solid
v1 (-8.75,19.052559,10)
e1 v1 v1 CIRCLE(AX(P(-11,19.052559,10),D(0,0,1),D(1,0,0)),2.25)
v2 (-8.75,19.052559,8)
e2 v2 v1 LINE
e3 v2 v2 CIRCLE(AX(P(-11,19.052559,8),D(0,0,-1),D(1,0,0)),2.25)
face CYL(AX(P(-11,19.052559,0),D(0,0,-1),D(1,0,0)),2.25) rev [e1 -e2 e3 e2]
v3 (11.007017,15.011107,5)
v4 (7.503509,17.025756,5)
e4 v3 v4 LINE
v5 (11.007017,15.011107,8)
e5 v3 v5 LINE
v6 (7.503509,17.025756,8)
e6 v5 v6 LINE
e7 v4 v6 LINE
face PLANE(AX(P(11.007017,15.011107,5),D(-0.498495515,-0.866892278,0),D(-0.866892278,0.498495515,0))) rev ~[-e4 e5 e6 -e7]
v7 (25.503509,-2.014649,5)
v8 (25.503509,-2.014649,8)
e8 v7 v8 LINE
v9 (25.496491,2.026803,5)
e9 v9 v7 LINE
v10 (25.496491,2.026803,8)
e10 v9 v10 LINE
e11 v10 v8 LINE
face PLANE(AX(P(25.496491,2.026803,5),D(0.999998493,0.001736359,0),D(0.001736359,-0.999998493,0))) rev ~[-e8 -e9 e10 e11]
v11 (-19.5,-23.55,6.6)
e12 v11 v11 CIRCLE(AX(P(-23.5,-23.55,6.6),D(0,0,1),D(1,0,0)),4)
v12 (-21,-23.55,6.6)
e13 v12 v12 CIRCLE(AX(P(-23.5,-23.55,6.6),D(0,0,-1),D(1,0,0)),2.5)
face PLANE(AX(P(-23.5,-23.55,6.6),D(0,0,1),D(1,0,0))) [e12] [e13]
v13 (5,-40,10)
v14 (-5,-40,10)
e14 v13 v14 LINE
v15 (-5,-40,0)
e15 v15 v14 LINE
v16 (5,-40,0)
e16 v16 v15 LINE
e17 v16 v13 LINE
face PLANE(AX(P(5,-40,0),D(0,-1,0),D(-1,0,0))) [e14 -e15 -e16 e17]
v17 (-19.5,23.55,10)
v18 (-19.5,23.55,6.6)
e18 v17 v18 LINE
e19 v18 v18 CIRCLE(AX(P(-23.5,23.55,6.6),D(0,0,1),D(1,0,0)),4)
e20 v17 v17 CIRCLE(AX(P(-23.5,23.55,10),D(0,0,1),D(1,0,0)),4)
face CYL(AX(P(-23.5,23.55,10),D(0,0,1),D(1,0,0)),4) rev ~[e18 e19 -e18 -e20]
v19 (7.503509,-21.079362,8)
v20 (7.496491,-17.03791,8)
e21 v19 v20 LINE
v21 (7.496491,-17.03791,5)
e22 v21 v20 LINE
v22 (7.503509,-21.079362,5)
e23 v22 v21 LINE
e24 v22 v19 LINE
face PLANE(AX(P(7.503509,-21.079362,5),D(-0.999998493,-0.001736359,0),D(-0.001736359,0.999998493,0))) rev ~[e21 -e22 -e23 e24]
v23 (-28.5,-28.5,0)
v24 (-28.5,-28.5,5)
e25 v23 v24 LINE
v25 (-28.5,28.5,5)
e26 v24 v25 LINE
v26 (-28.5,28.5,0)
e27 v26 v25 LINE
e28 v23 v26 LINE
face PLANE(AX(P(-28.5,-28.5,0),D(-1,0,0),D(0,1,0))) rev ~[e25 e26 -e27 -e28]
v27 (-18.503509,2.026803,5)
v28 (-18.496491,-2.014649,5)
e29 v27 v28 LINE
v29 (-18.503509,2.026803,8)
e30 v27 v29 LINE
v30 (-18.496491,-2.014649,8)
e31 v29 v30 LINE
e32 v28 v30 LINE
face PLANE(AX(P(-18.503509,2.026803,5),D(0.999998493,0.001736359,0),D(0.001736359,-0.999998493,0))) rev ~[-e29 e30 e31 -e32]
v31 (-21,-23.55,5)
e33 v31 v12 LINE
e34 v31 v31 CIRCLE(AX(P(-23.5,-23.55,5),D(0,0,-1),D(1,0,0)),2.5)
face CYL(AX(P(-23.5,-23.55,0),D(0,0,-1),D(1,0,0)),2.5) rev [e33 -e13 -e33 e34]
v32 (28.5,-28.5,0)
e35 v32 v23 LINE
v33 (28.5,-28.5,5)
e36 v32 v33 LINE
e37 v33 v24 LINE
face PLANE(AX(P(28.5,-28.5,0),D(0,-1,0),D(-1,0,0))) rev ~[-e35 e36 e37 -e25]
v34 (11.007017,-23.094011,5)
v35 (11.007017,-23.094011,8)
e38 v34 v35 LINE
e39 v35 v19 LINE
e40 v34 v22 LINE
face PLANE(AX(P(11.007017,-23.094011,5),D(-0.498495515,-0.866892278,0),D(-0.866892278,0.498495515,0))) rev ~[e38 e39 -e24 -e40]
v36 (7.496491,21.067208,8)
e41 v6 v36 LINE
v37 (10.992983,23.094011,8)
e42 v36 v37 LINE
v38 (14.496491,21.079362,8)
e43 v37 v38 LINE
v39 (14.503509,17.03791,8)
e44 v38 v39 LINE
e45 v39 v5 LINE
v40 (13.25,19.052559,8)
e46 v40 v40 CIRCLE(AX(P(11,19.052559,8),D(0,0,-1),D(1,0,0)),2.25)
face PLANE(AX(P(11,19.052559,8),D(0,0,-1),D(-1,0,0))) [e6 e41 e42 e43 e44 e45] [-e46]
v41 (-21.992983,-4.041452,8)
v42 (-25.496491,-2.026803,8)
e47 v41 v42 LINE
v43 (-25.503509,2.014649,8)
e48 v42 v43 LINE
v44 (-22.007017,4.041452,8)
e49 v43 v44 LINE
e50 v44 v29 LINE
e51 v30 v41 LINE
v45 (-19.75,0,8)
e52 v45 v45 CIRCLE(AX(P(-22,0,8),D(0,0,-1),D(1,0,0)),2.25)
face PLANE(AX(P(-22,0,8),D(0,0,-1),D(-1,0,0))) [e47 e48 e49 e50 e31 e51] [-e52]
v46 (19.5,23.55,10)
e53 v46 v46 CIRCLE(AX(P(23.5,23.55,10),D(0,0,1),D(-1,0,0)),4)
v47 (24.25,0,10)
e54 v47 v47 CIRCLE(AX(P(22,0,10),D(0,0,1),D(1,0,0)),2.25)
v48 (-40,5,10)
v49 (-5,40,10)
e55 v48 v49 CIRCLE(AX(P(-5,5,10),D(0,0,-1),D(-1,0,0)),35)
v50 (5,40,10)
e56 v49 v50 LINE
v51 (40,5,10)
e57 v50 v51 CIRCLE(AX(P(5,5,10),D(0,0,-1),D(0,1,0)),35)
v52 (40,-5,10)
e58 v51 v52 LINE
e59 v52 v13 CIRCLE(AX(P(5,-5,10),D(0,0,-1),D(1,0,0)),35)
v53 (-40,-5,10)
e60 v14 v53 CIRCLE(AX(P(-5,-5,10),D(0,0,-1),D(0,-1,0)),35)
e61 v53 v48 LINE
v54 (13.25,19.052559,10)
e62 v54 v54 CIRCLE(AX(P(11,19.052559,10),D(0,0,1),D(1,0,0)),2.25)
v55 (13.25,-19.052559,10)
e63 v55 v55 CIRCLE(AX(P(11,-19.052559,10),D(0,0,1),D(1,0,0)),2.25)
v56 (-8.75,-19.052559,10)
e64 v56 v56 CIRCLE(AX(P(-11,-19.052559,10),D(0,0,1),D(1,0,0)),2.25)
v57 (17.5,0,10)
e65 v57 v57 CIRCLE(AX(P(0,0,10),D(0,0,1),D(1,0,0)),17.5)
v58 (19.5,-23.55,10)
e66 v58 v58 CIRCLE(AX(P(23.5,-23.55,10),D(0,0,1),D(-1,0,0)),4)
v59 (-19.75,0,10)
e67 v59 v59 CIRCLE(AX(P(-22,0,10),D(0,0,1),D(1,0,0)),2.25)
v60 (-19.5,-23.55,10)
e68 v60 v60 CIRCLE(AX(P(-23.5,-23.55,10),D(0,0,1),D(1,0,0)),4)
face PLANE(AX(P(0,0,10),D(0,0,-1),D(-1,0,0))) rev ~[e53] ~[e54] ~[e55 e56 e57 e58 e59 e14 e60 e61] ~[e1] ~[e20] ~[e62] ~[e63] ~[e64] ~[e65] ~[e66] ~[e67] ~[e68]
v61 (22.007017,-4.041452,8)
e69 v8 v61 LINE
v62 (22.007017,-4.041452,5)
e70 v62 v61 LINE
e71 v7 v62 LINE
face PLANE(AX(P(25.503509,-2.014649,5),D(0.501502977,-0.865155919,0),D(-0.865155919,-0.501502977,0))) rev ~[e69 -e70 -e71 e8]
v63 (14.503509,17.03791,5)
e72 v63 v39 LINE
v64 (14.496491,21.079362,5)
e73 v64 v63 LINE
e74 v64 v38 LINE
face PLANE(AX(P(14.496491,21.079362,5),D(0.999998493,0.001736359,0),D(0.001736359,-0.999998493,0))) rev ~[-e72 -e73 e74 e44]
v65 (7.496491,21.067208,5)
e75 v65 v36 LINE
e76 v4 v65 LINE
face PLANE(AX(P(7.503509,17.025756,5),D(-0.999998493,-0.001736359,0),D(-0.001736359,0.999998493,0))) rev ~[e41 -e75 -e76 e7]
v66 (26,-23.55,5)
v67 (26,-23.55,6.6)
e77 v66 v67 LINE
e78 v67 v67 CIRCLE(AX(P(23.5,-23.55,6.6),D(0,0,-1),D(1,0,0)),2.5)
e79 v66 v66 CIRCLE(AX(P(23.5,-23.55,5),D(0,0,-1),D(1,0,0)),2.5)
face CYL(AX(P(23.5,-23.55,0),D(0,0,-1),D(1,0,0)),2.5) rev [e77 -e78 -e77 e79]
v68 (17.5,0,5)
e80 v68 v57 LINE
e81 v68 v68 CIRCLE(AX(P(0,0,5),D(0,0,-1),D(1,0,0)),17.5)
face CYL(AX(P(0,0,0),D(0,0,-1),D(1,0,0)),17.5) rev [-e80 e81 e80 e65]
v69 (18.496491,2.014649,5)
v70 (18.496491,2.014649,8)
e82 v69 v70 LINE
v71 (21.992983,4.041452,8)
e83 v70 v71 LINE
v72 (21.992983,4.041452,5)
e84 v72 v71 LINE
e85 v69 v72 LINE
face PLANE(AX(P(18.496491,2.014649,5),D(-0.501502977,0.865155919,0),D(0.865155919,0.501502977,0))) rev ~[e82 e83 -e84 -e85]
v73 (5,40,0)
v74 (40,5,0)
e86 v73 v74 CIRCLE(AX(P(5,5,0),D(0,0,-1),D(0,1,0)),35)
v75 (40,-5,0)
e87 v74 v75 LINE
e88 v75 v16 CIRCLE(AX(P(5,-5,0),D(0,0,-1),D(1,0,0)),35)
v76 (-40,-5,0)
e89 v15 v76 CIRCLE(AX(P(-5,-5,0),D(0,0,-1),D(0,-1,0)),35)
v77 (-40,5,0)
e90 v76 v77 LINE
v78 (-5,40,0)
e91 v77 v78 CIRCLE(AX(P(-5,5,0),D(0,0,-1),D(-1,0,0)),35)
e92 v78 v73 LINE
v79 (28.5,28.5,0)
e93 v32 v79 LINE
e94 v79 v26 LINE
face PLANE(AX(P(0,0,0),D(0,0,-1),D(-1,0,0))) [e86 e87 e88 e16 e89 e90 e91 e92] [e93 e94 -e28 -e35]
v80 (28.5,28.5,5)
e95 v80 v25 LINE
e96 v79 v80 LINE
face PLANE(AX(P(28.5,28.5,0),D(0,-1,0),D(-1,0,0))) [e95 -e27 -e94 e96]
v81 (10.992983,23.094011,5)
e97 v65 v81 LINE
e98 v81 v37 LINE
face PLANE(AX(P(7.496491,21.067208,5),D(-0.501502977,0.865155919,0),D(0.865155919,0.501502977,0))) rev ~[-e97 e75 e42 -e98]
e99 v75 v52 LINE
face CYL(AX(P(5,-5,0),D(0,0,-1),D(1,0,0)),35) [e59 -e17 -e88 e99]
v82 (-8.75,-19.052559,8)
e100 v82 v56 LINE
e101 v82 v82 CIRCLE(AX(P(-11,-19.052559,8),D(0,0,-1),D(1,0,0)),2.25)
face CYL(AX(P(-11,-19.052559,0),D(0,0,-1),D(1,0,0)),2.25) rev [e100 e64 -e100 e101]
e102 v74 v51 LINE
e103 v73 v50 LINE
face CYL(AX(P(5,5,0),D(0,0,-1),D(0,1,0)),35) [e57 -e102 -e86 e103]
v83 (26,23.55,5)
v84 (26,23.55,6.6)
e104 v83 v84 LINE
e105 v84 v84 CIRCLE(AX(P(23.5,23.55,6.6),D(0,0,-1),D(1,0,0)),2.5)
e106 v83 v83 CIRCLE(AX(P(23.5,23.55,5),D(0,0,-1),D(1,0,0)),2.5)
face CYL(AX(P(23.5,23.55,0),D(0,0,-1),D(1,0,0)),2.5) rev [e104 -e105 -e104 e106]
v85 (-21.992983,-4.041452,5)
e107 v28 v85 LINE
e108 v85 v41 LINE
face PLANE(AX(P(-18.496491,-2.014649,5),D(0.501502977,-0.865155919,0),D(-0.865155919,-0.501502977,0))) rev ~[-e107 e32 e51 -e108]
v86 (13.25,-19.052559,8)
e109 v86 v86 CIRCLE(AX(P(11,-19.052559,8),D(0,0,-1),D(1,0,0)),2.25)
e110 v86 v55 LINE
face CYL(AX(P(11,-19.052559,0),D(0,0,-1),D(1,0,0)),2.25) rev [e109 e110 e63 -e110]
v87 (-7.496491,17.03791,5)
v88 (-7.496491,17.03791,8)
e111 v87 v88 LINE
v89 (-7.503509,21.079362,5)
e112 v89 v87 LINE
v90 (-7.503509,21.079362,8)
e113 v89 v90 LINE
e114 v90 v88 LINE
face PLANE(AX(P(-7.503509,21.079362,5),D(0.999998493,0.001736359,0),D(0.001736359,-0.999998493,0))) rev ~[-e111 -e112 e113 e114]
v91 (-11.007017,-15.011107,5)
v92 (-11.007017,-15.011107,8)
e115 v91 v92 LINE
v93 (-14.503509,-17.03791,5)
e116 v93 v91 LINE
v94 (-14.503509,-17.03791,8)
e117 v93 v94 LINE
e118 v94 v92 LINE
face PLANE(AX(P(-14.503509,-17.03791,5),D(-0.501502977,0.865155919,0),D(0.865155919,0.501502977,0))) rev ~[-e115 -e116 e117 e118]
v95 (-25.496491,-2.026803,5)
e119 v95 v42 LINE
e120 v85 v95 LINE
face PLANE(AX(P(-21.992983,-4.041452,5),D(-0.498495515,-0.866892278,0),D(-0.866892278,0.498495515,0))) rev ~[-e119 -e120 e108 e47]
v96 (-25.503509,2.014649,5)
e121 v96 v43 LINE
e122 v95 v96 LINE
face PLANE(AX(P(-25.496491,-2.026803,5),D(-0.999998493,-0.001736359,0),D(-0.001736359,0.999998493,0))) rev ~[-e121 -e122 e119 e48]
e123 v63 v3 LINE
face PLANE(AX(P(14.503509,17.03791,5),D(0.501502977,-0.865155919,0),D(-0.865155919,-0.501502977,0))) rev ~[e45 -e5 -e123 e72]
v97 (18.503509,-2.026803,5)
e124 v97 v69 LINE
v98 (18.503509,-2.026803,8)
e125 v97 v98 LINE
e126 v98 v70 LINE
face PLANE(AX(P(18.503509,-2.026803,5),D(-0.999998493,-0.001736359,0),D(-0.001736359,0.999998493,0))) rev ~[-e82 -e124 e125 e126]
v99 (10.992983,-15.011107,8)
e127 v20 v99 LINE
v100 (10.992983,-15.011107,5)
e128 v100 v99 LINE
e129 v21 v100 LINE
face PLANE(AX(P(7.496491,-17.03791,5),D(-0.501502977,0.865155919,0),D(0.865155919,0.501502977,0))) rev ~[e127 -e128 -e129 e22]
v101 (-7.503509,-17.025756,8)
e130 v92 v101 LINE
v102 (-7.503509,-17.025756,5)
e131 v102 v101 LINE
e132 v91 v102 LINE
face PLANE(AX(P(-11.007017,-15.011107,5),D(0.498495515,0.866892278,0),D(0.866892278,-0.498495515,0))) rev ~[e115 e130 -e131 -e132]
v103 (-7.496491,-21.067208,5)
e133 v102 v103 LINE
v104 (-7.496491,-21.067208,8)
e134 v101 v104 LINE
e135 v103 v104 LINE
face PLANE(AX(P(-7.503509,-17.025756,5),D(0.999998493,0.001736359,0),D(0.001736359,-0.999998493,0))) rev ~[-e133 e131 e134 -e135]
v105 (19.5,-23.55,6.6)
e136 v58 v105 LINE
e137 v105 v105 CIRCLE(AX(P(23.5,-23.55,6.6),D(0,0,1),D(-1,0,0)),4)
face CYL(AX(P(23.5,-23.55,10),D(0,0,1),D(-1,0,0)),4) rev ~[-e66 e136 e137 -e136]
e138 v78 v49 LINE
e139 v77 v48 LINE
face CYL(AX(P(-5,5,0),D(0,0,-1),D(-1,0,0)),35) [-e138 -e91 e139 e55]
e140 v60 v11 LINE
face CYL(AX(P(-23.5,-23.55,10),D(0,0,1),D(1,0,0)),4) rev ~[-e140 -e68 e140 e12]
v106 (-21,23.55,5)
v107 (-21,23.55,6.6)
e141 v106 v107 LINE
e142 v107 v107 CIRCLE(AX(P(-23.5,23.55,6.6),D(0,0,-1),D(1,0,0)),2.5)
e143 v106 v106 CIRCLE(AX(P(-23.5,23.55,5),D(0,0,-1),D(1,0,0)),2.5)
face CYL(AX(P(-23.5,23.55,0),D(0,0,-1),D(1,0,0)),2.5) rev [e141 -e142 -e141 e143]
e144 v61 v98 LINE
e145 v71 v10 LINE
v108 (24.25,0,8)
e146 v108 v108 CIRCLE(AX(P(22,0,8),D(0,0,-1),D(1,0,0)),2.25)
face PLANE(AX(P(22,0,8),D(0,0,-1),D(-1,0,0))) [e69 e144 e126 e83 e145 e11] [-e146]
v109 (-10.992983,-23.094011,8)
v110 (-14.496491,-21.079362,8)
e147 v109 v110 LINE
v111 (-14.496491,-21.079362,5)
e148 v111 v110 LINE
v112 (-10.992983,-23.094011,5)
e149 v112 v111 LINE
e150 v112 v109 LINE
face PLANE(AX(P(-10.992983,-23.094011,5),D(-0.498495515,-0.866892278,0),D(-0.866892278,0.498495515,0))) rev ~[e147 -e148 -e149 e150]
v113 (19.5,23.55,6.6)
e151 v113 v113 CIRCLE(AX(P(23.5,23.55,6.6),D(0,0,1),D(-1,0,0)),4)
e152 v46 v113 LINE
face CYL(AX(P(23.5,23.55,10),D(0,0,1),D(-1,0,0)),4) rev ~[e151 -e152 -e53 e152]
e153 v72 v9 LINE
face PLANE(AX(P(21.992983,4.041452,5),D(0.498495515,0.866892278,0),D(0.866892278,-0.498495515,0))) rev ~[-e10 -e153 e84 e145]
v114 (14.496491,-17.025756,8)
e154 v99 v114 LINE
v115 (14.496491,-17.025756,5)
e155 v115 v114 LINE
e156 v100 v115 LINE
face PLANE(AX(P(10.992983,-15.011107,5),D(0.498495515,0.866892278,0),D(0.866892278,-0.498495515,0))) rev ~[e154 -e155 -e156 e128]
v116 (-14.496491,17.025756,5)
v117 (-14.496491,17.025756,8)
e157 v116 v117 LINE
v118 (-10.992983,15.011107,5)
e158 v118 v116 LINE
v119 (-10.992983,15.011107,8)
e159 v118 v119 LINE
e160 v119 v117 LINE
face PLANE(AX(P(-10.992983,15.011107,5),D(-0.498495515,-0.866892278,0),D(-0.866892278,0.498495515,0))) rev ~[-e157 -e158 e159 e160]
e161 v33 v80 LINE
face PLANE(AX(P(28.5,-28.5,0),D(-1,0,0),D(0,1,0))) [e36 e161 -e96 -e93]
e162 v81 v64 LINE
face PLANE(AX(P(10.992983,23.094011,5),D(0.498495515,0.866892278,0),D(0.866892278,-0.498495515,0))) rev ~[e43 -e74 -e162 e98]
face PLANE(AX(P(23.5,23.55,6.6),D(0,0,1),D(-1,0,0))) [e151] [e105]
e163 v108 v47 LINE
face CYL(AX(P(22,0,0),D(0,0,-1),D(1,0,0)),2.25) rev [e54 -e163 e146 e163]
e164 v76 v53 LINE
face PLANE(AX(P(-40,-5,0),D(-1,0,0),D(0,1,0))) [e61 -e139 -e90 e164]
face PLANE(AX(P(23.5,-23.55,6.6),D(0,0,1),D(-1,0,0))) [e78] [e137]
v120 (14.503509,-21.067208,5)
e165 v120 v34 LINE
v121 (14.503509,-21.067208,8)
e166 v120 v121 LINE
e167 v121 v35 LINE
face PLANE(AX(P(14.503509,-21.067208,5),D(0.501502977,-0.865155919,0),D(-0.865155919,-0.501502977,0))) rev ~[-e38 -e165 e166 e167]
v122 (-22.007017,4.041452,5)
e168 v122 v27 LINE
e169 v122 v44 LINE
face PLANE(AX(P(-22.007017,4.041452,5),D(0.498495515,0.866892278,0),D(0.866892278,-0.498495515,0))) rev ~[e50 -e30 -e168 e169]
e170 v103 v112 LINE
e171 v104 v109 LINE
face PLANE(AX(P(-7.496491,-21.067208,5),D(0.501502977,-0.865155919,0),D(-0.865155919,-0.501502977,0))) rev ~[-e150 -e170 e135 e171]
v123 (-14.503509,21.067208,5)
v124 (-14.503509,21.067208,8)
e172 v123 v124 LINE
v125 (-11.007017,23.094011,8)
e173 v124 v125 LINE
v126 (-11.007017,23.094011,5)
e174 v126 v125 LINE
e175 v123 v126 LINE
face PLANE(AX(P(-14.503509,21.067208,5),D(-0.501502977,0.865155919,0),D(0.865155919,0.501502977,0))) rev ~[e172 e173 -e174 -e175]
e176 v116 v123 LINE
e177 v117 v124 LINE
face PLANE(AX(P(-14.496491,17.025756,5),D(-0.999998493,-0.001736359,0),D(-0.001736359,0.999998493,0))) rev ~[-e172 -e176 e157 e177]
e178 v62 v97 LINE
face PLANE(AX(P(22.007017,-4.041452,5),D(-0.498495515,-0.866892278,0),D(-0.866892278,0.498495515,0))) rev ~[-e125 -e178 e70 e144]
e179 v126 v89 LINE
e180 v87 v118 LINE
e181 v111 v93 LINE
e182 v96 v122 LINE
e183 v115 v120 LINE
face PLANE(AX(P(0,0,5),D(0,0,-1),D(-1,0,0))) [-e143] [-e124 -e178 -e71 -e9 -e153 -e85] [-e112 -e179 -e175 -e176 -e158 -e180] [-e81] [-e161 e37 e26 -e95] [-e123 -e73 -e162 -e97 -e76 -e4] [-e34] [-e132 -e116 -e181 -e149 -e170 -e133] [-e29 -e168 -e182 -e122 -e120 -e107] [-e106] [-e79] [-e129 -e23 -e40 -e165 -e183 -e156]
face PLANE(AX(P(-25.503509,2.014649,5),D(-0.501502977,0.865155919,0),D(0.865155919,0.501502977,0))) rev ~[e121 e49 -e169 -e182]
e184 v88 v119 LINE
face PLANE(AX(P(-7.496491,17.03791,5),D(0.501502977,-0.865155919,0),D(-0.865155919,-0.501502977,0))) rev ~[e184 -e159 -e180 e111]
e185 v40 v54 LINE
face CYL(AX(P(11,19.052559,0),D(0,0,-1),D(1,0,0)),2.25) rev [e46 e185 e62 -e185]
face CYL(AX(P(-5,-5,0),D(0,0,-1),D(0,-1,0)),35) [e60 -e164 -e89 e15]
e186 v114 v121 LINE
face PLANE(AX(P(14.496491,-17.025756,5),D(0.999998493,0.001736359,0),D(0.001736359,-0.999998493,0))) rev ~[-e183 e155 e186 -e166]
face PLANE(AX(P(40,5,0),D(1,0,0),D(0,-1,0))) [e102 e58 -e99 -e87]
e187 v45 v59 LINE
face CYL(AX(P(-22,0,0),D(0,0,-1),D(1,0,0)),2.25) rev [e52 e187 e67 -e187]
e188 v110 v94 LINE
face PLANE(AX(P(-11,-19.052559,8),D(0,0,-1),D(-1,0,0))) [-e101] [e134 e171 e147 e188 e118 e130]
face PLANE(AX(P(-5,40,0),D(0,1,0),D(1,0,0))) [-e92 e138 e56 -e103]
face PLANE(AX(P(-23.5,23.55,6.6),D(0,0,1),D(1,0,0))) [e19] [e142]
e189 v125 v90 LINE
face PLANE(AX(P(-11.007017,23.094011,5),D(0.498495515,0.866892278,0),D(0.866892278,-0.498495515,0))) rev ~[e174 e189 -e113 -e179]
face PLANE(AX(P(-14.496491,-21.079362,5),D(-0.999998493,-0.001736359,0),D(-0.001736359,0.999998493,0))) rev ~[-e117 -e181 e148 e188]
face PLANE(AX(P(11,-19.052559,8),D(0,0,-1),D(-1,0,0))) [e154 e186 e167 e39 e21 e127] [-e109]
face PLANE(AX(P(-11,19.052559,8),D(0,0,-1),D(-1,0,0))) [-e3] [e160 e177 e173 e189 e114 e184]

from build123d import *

# Parameters (mm, degrees)
ESQUISSE1_R             = 2.25
ESQUISSE1_R_2           = 2.5
ESQUISSE1_R_3           = 17.5
BOSS_EXTRU_1_DEPTH      = 10
ESQUISSE2_W             = 57
ESQUISSE2_H             = 57
ENL_V_MAT_EXTRU_2_DEPTH = 5
ENL_V_MAT_EXTRU_3_DEPTH = 3
ESQUISSE5_R             = 4
ENL_V_MAT_EXTRU_4_DEPTH = 3.4


with BuildPart() as part:
    # Esquisse1 → Boss.-Extru.1 (new body)
    with BuildSketch(Plane.XY):
        with BuildLine():
            Line((5, -40), (-5, -40))
            ThreePointArc((-5, -40), (-29.748737342, -29.748737342), (-40, -5))
            Line((-40, -5), (-40, 5))
            ThreePointArc((-40, 5), (-29.748737342, 29.748737342), (-5, 40))
            Line((-5, 40), (5, 40))
            ThreePointArc((5, 40), (29.748737342, 29.748737342), (40, 5))
            Line((40, 5), (40, -5))
            ThreePointArc((40, -5), (29.748737342, -29.748737342), (5, -40))
        make_face()
        with Locations((22, 0)):
            Circle(ESQUISSE1_R, mode=Mode.SUBTRACT)
        with Locations((11, -19.052558883)):
            Circle(ESQUISSE1_R, mode=Mode.SUBTRACT)
        with Locations((-11, -19.052558883)):
            Circle(ESQUISSE1_R, mode=Mode.SUBTRACT)
        with Locations((-22, 0)):
            Circle(ESQUISSE1_R, mode=Mode.SUBTRACT)
        with Locations((-11, 19.052558883)):
            Circle(ESQUISSE1_R, mode=Mode.SUBTRACT)
        with Locations((11, 19.052558883)):
            Circle(ESQUISSE1_R, mode=Mode.SUBTRACT)
        with Locations((-23.5, 23.55)):
            Circle(ESQUISSE1_R_2, mode=Mode.SUBTRACT)
        with Locations((23.5, 23.55)):
            Circle(ESQUISSE1_R_2, mode=Mode.SUBTRACT)
        with Locations((23.5, -23.55)):
            Circle(ESQUISSE1_R_2, mode=Mode.SUBTRACT)
        with Locations((-23.5, -23.55)):
            Circle(ESQUISSE1_R_2, mode=Mode.SUBTRACT)
        Circle(ESQUISSE1_R_3, mode=Mode.SUBTRACT)
    extrude(amount=BOSS_EXTRU_1_DEPTH)

    # Esquisse2 → Enlèv. mat.-Extru.2 (cut)
    with BuildSketch(Plane(origin=(0, 0, 0), x_dir=(-1, 0, 0), z_dir=(0, 0, -1))):
        Rectangle(ESQUISSE2_W, ESQUISSE2_H)
    extrude(amount=-ENL_V_MAT_EXTRU_2_DEPTH, mode=Mode.SUBTRACT)

    # Esquisse4 → Enlèv. mat.-Extru.3 (cut)
    with BuildSketch(Plane(origin=(0, 0, 5), x_dir=(-1, 0, 0), z_dir=(0, 0, -1))):
        Polygon((-7.496491289, 21.067207559), (-10.992982578, 23.094010768), (-14.496491289, 21.079362091), (-14.503508711, 17.037910207), (-11.007017422, 15.011106999), (-7.503508711, 17.025755675), align=None)
        Polygon((14.496491289, 17.025755675), (14.503508711, 21.067207559), (11.007017422, 23.094010768), (7.503508711, 21.079362091), (7.496491289, 17.037910207), (10.992982578, 15.011106999), align=None)
        Polygon((21.992982578, -4.041451884), (25.496491289, -2.026803208), (25.503508711, 2.014648676), (22.007017422, 4.041451884), (18.503508711, 2.026803208), (18.496491289, -2.014648676), align=None)
        Polygon((7.496491289, -21.067207559), (10.992982578, -23.094010768), (14.496491289, -21.079362091), (14.503508711, -17.037910207), (11.007017422, -15.011106999), (7.503508711, -17.025755675), align=None)
        Polygon((-14.496491289, -17.025755675), (-14.503508711, -21.067207559), (-11.007017422, -23.094010768), (-7.503508711, -21.079362091), (-7.496491289, -17.037910207), (-10.992982578, -15.011106999), align=None)
        Polygon((-21.992982578, 4.041451884), (-25.496491289, 2.026803208), (-25.503508711, -2.014648676), (-22.007017422, -4.041451884), (-18.503508711, -2.026803208), (-18.496491289, 2.014648676), align=None)
    extrude(amount=-ENL_V_MAT_EXTRU_3_DEPTH, mode=Mode.SUBTRACT)

    # Esquisse5 → Enlèv. mat.-Extru.4 (cut)
    with BuildSketch(Plane.XY.offset(10)):
        with Locations((-23.5, 23.55)):
            Circle(ESQUISSE5_R)
        with Locations((-23.5, -23.55)):
            Circle(ESQUISSE5_R)
        with Locations(Location((23.5, 23.55, 0), (0, 0, 180))):
            Circle(ESQUISSE5_R)
        with Locations(Location((23.5, -23.55, 0), (0, 0, 180))):
            Circle(ESQUISSE5_R)
    extrude(amount=-ENL_V_MAT_EXTRU_4_DEPTH, mode=Mode.SUBTRACT)


solid = part.part
